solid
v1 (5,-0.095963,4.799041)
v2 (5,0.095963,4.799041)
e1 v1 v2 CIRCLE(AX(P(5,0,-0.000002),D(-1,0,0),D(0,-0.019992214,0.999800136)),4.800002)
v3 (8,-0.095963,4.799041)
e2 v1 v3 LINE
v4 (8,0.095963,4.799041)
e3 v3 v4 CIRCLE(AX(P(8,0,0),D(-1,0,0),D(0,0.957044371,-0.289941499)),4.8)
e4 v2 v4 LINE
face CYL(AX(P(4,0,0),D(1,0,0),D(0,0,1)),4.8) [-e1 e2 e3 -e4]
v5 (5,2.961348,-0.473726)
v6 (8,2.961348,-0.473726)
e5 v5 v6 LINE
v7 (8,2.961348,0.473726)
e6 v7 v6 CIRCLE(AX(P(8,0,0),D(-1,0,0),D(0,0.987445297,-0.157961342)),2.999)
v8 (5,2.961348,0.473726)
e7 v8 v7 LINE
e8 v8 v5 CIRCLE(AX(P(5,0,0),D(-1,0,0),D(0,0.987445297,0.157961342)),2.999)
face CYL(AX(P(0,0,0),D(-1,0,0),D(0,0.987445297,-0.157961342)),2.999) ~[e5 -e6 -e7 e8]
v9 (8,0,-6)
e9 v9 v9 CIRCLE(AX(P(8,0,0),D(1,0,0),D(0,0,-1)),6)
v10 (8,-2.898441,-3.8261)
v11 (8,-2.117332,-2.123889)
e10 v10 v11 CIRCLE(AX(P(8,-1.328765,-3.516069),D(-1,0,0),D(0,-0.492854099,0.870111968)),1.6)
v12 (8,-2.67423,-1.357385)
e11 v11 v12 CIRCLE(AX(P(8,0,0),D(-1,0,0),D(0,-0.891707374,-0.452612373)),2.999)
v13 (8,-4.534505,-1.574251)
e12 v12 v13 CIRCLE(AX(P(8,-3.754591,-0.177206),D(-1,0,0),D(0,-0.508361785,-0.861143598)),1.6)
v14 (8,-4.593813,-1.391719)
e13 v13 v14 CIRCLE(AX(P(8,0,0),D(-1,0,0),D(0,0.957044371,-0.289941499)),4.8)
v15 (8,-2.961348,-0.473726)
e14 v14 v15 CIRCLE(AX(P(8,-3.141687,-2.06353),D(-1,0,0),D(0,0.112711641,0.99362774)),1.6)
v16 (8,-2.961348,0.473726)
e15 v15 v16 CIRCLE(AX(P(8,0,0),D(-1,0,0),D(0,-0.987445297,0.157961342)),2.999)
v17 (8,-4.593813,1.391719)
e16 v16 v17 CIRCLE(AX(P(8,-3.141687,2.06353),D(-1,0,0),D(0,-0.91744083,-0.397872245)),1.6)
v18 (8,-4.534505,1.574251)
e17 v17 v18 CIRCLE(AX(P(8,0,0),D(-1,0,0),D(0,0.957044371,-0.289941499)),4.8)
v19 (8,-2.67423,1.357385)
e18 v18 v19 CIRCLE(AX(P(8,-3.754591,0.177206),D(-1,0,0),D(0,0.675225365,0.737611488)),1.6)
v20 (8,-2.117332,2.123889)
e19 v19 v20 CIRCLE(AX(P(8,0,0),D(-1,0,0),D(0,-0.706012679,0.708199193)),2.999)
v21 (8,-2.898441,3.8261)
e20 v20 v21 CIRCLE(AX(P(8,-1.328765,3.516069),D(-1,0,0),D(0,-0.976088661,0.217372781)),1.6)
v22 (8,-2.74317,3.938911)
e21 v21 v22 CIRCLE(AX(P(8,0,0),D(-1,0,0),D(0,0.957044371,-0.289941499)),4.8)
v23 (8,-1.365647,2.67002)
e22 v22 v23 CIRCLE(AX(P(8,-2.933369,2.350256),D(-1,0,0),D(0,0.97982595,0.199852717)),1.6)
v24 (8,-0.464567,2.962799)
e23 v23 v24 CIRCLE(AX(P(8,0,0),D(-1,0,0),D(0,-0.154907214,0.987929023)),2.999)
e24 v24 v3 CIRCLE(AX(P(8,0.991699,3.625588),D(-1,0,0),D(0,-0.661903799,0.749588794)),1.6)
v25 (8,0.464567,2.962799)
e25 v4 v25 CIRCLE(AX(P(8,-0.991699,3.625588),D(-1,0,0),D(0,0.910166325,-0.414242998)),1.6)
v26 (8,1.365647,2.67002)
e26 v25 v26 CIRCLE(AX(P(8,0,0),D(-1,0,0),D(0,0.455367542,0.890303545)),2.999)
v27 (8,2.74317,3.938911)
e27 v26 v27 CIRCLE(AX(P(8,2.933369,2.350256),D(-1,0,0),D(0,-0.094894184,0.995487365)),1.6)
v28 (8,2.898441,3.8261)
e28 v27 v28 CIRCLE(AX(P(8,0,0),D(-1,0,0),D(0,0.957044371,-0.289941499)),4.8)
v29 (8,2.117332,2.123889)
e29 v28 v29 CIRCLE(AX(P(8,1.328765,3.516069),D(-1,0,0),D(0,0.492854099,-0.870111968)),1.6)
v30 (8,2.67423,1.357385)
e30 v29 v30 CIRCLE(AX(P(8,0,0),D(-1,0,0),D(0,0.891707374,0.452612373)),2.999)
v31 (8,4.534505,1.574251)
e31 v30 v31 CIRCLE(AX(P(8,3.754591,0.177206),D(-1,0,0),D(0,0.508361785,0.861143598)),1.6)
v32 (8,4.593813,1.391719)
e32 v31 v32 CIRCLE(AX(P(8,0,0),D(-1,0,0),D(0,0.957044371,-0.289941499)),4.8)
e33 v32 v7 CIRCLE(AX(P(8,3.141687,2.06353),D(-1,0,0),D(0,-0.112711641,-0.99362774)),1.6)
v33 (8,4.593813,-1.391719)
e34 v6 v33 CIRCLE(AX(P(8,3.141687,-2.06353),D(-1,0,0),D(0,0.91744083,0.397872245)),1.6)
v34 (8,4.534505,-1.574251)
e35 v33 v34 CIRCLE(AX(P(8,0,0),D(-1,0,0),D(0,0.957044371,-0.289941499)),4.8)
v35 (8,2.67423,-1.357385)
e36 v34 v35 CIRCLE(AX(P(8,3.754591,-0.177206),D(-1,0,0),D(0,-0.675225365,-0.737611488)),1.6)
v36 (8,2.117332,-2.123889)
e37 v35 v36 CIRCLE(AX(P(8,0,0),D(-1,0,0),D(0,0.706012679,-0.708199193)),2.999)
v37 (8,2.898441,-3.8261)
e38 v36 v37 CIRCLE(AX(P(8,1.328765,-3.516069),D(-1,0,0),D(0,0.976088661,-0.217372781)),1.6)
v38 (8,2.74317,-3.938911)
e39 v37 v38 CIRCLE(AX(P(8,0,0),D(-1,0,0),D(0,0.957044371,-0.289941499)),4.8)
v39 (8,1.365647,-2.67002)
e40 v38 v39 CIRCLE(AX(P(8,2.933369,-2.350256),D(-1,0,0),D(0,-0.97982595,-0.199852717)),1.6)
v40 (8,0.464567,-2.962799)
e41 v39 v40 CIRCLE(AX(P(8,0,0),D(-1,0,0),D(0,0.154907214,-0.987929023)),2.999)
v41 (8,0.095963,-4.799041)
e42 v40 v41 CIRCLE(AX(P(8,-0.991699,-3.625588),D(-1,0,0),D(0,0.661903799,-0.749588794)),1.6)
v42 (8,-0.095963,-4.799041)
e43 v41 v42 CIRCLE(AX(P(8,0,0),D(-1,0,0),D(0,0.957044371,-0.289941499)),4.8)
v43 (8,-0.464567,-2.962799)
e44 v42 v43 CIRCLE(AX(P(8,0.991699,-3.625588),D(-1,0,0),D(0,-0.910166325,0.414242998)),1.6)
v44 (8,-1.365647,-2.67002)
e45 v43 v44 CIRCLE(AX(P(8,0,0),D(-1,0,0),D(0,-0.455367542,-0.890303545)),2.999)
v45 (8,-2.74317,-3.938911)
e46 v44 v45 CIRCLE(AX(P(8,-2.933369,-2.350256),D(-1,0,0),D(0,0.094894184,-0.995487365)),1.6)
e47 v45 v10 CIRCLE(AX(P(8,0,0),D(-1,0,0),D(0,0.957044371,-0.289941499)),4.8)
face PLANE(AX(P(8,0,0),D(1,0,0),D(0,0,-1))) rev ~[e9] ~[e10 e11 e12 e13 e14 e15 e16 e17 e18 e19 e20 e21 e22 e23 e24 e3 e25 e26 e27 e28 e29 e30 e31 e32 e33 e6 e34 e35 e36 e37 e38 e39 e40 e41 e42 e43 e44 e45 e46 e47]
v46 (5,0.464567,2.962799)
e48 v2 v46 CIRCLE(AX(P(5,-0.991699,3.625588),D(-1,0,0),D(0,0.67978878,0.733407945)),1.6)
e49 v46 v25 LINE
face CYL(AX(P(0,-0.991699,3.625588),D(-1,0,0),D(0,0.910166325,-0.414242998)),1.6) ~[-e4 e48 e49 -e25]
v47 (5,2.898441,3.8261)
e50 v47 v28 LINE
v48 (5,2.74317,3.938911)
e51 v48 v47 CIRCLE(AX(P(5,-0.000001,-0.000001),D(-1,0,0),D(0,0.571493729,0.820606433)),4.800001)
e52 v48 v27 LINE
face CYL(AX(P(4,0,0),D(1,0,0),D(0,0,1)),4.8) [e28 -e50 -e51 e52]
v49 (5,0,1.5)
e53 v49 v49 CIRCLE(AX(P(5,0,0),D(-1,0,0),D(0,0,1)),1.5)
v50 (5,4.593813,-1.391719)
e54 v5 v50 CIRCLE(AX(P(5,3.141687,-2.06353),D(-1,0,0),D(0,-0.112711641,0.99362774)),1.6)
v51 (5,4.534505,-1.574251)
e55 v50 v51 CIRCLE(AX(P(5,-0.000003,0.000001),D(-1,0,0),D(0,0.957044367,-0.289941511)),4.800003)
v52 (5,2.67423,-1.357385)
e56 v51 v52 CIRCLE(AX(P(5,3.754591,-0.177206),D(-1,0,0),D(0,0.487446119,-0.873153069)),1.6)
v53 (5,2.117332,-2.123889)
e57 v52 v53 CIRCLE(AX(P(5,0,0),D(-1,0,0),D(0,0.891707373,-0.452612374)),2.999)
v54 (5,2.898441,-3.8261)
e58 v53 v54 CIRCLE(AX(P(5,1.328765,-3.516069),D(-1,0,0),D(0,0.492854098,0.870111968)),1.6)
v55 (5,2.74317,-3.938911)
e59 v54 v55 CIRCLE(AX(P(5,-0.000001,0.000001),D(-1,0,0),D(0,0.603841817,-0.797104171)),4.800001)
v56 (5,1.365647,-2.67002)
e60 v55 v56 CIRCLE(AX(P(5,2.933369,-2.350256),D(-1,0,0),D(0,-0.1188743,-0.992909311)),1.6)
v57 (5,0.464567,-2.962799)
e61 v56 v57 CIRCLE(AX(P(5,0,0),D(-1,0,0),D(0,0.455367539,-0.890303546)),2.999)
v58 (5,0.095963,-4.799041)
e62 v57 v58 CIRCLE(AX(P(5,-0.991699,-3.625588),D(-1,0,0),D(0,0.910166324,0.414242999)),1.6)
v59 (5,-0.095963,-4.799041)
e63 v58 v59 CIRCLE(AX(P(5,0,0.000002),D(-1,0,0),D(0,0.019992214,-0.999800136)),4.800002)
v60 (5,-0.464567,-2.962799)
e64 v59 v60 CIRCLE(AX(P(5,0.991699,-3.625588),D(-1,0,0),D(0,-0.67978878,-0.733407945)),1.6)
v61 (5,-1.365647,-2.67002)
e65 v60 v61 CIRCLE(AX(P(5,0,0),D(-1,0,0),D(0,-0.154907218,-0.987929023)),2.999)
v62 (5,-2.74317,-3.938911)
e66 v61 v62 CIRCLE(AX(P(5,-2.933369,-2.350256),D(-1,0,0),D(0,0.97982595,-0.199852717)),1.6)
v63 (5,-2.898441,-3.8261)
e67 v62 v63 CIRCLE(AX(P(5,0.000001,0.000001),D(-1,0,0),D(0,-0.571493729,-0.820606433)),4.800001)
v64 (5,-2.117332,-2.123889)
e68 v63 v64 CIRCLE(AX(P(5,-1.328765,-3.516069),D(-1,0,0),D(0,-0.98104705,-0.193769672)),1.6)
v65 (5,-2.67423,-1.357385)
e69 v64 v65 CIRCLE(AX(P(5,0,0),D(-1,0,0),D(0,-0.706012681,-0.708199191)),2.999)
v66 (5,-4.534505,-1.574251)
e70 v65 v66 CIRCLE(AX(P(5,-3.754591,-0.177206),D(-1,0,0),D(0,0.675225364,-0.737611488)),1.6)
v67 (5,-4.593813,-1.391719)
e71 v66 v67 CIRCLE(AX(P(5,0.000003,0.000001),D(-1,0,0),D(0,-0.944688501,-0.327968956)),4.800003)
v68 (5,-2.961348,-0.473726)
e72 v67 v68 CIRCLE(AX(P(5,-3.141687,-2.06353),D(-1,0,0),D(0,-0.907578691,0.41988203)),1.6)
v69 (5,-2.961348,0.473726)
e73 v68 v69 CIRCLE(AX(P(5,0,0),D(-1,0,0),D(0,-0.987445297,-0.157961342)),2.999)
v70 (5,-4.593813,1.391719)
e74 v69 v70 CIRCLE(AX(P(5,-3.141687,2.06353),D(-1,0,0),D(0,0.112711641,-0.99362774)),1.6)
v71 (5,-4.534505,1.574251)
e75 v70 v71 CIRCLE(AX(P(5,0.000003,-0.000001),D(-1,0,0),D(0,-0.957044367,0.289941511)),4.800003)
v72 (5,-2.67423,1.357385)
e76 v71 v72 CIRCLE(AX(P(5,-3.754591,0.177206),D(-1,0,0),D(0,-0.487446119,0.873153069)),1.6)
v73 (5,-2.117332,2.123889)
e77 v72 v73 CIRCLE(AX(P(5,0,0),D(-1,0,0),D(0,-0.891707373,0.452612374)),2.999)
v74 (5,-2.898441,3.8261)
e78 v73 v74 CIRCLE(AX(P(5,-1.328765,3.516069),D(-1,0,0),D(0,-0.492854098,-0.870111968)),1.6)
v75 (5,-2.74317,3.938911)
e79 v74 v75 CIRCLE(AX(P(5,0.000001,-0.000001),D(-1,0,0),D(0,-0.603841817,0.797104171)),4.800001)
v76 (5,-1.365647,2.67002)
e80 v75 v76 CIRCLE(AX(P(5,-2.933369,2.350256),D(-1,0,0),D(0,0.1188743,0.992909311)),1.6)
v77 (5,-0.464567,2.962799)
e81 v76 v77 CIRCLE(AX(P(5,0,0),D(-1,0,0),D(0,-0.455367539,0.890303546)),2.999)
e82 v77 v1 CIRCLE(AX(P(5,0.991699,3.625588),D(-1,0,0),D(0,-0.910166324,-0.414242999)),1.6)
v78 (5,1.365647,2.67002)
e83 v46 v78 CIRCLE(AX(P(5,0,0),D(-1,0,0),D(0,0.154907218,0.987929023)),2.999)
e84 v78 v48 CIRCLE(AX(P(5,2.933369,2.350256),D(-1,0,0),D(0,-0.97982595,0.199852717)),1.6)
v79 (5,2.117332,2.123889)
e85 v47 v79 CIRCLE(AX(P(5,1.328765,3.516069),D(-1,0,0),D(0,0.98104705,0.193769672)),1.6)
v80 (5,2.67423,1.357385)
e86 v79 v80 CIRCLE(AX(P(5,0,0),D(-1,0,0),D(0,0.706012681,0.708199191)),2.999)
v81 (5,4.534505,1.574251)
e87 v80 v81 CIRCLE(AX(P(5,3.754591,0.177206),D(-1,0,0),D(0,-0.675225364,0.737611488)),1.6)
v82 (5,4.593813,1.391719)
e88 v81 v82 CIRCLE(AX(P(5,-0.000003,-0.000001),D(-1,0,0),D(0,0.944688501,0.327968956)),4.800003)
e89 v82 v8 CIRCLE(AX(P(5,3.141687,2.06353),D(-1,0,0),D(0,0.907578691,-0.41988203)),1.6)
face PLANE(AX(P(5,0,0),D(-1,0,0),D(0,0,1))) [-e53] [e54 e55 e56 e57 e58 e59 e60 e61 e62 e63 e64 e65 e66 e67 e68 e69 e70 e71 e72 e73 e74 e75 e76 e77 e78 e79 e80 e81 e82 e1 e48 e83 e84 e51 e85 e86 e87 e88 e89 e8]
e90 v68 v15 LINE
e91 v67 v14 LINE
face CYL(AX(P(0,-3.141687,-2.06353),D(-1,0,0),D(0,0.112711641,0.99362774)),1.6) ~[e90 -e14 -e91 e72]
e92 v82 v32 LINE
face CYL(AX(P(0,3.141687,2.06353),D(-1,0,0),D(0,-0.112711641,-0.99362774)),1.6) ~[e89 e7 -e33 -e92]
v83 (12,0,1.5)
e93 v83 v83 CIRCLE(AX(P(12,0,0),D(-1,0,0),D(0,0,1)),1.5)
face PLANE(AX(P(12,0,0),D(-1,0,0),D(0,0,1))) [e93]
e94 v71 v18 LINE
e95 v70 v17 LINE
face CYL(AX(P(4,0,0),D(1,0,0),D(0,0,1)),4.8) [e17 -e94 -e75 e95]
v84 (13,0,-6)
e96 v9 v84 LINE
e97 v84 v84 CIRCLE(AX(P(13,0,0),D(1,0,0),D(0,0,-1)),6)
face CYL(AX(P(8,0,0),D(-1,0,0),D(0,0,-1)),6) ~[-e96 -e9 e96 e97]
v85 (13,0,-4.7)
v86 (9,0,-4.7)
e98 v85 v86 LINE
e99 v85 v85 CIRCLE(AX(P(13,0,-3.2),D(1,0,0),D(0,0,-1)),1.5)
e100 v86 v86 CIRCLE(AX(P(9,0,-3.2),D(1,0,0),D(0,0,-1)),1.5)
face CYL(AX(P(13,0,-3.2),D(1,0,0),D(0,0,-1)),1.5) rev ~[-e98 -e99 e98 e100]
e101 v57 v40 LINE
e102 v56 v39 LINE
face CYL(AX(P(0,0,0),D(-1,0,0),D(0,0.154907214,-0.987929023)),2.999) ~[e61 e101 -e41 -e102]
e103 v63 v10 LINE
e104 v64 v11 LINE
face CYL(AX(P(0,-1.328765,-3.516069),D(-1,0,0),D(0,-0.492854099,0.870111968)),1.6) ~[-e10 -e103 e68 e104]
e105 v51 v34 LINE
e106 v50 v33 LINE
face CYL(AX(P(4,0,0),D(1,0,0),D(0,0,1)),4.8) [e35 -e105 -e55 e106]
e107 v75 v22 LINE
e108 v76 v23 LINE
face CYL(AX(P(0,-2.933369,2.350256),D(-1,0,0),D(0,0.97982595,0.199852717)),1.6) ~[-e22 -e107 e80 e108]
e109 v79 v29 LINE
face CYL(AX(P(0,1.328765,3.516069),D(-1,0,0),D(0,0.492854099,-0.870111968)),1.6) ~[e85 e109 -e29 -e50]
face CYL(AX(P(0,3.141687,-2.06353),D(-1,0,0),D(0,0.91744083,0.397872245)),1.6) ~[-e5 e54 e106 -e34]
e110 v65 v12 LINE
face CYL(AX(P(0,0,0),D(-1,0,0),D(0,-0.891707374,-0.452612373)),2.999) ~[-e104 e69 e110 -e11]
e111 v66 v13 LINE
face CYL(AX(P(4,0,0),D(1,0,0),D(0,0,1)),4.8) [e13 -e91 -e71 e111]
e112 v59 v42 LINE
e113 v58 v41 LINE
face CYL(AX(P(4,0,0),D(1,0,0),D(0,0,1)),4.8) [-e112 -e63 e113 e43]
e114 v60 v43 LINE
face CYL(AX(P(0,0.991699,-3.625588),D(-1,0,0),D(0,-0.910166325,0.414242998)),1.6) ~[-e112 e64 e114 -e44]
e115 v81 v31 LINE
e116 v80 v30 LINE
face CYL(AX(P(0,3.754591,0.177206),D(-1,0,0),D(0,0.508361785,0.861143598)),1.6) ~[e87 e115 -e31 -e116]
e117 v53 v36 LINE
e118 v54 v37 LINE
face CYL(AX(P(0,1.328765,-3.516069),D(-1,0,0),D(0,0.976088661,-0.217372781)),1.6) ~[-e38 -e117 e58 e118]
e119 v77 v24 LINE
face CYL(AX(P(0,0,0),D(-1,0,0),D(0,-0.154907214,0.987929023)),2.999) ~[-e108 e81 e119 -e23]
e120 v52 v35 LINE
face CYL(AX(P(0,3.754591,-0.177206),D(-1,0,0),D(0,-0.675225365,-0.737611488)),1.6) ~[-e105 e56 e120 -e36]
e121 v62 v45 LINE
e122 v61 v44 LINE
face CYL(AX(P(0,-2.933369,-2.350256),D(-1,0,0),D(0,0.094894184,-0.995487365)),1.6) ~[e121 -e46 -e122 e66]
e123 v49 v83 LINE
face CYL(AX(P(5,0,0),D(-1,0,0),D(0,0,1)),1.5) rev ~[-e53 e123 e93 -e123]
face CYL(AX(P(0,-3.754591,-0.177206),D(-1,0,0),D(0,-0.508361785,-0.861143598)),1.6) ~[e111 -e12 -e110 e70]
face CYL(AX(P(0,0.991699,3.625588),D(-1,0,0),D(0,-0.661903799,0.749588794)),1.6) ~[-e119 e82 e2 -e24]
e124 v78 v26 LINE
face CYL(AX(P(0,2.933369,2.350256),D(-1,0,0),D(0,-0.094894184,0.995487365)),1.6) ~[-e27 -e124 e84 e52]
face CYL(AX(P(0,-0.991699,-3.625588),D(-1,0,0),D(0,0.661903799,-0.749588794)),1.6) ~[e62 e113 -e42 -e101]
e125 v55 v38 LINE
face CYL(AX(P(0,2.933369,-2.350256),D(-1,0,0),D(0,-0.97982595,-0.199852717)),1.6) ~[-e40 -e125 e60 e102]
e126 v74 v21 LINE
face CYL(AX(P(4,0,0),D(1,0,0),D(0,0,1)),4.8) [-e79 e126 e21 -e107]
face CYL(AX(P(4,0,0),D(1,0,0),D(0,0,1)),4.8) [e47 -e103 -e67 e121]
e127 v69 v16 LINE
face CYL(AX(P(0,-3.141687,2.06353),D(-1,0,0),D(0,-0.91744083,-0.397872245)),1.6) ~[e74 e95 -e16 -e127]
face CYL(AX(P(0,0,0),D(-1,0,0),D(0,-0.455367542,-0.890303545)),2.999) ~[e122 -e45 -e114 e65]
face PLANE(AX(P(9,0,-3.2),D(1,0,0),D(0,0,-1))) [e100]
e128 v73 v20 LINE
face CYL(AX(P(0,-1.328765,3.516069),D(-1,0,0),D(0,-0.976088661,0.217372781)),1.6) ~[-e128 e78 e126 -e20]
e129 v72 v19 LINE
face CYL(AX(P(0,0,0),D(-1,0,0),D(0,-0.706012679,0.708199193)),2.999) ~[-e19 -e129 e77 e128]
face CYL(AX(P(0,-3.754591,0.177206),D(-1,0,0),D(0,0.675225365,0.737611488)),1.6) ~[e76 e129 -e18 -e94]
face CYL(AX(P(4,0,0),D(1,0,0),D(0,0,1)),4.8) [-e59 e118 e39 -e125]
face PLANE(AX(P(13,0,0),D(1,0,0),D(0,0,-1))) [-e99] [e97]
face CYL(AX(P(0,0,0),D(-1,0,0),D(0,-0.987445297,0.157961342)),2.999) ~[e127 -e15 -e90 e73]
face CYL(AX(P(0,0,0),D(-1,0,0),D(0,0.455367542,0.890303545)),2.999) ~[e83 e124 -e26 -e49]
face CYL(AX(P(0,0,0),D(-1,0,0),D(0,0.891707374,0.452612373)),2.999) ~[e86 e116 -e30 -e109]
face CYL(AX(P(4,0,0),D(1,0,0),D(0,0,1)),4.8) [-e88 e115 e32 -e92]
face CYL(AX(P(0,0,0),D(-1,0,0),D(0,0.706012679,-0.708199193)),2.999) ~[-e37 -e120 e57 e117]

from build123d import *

# Parameters (mm, degrees)
BASPROSKE_W         = 8
BASPROSKE_H         = 4.8
TOOTHCUT_DEPTH      = 11.491901639
TEETHCUTS_COUNT     = 10
BORSKE_R            = 0.4
BORE_DEPTH          = 18.0000508
SKETCH1_R           = 6
BOSS_EXTRUDE1_DEPTH = 5
CUT_EXTRUDE1_DEPTH  = 5
SKETCH4_R           = 1.5
CUT_EXTRUDE2_DEPTH  = 7
SKETCH8_R           = 1.5
CUT_EXTRUDE8_DEPTH  = 4


with BuildPart() as part:
    # BasProSke → Base-Revolve (revolve)
    with BuildSketch(Plane(origin=(0, 0, 0), x_dir=(1, 0, 0), z_dir=(0, 1, 0)), mode=Mode.PRIVATE) as base_revolve_sk:
        with Locations((4, 2.4)):
            Rectangle(BASPROSKE_W, BASPROSKE_H)
    revolve(base_revolve_sk.sketch.rotate(Axis((-10, 0, 0), (1, 0, 0)), 180), axis=Axis((-10, 0, 0), (1, 0, 0)))

    # TooCutSke → ToothCut (cut, through all)
    with BuildSketch(Plane(origin=(0, 0, 0), x_dir=(0, 0, -1), z_dir=(1, 0, 0))):
        with BuildLine():
            ThreePointArc((0.473726058, 2.961348446), (0, 2.999), (-0.473726058, 2.961348446))
            ThreePointArc((-0.473726058, 2.961348446), (-0.678470427, 3.942691912), (-1.42693485, 4.6095924))
            ThreePointArc((-1.42693485, 4.6095924), (0, 4.8254), (1.42693485, 4.6095924))
            ThreePointArc((1.42693485, 4.6095924), (0.678470427, 3.942691912), (0.473726058, 2.961348446))
        make_face()
    toothcut = extrude(amount=TOOTHCUT_DEPTH, mode=Mode.SUBTRACT)

    # TeethCuts: ToothCut ×10 about axis
    teethcuts_axis = Axis((0, 0, 0), (1, 0, 0))
    for i in range(1, TEETHCUTS_COUNT):
        add(toothcut.rotate(teethcuts_axis, i * 360 / TEETHCUTS_COUNT), mode=Mode.SUBTRACT)

    # BorSke → Bore (cut, symmetric)
    with BuildSketch(Plane(origin=(0, 0, 0), x_dir=(0, 0, -1), z_dir=(1, 0, 0))):
        with Locations(Location((0, 0, 0), (0, 0, 180))):
            Circle(BORSKE_R)
    extrude(amount=BORE_DEPTH, both=True, mode=Mode.SUBTRACT)

    # Sketch1 → Boss-Extrude1 (add)
    with BuildSketch(Plane(origin=(8, 0, 0), x_dir=(0, 0, -1), z_dir=(1, 0, 0))):
        Circle(SKETCH1_R)
    extrude(amount=BOSS_EXTRUDE1_DEPTH)

    # Sketch2 → Cut-Extrude1 (cut)
    with BuildSketch(Plane.ZY):
        with BuildLine():
            ThreePointArc((-2.96279914, 0.464566741), (-3.940487364, 0.57700657), (-4.799040651, 0.09596267))
            ThreePointArc((-4.799040651, 0.09596267), (-4.8, 0), (-4.799040651, -0.09596267))
            ThreePointArc((-4.799040651, -0.09596267), (-3.940487364, -0.57700657), (-2.96279914, -0.464566741))
            ThreePointArc((-2.96279914, -0.464566741), (-2.852218492, -0.926741966), (-2.670020334, -1.365647251))
            ThreePointArc((-2.670020334, -1.365647251), (-3.527077196, -1.849352238), (-3.938910885, -2.743169889))
            ThreePointArc((-3.938910885, -2.743169889), (-3.883281573, -2.821369211), (-3.826100001, -2.898440751))
            ThreePointArc((-3.826100001, -2.898440751), (-2.848765291, -2.782968481), (-2.123889376, -2.117332029))
            ThreePointArc((-2.123889376, -2.117332029), (-1.762767972, -2.426241966), (-1.357384512, -2.67423041))
            ThreePointArc((-1.357384512, -2.67423041), (-1.76644342, -3.569321349), (-1.574251041, -4.534504787))
            ThreePointArc((-1.574251041, -4.534504787), (-1.483281573, -4.565071278), (-1.391719195, -4.593812979))
            ThreePointArc((-1.391719195, -4.593812979), (-0.668911703, -3.925931021), (-0.473726058, -2.961348446))
            ThreePointArc((-0.473726058, -2.961348446), (0, -2.999), (0.473726058, -2.961348446))
            ThreePointArc((0.473726058, -2.961348446), (0.668911703, -3.925931021), (1.391719195, -4.593812979))
            ThreePointArc((1.391719195, -4.593812979), (1.483281573, -4.565071278), (1.574251041, -4.534504787))
            ThreePointArc((1.574251041, -4.534504787), (1.76644342, -3.569321349), (1.357384512, -2.67423041))
            ThreePointArc((1.357384512, -2.67423041), (1.762767972, -2.426241966), (2.123889376, -2.117332029))
            ThreePointArc((2.123889376, -2.117332029), (2.848765291, -2.782968481), (3.826100001, -2.898440751))
            ThreePointArc((3.826100001, -2.898440751), (3.883281573, -2.821369211), (3.938910885, -2.743169889))
            ThreePointArc((3.938910885, -2.743169889), (3.527077196, -1.849352238), (2.670020334, -1.365647251))
            ThreePointArc((2.670020334, -1.365647251), (2.852218492, -0.926741966), (2.96279914, -0.464566741))
            ThreePointArc((2.96279914, -0.464566741), (3.940487364, -0.57700657), (4.799040651, -0.09596267))
            ThreePointArc((4.799040651, -0.09596267), (4.8, 0), (4.799040651, 0.09596267))
            ThreePointArc((4.799040651, 0.09596267), (3.940487364, 0.57700657), (2.96279914, 0.464566741))
            ThreePointArc((2.96279914, 0.464566741), (2.852218492, 0.926741966), (2.670020334, 1.365647251))
            ThreePointArc((2.670020334, 1.365647251), (3.527077196, 1.849352238), (3.938910885, 2.743169889))
            ThreePointArc((3.938910885, 2.743169889), (3.883281573, 2.821369211), (3.826100001, 2.898440751))
            ThreePointArc((3.826100001, 2.898440751), (2.848765291, 2.782968481), (2.123889376, 2.117332029))
            ThreePointArc((2.123889376, 2.117332029), (1.762767972, 2.426241966), (1.357384512, 2.67423041))
            ThreePointArc((1.357384512, 2.67423041), (1.76644342, 3.569321349), (1.574251041, 4.534504787))
            ThreePointArc((1.574251041, 4.534504787), (1.483281573, 4.565071278), (1.391719195, 4.593812979))
            ThreePointArc((1.391719195, 4.593812979), (0.668911703, 3.925931021), (0.473726058, 2.961348446))
            ThreePointArc((0.473726058, 2.961348446), (0, 2.999), (-0.473726058, 2.961348446))
            ThreePointArc((-0.473726058, 2.961348446), (-0.668911703, 3.925931021), (-1.391719195, 4.593812979))
            ThreePointArc((-1.391719195, 4.593812979), (-1.483281573, 4.565071278), (-1.574251041, 4.534504787))
            ThreePointArc((-1.574251041, 4.534504787), (-1.76644342, 3.569321349), (-1.357384512, 2.67423041))
            ThreePointArc((-1.357384512, 2.67423041), (-1.762767972, 2.426241966), (-2.123889376, 2.117332029))
            ThreePointArc((-2.123889376, 2.117332029), (-2.848765291, 2.782968481), (-3.826100001, 2.898440751))
            ThreePointArc((-3.826100001, 2.898440751), (-3.883281573, 2.821369211), (-3.938910885, 2.743169889))
            ThreePointArc((-3.938910885, 2.743169889), (-3.527077196, 1.849352238), (-2.670020334, 1.365647251))
            ThreePointArc((-2.670020334, 1.365647251), (-2.852218492, 0.926741966), (-2.96279914, 0.464566741))
        make_face()
    extrude(amount=-CUT_EXTRUDE1_DEPTH, mode=Mode.SUBTRACT)

    # Sketch4 → Cut-Extrude2 (cut)
    with BuildSketch(Plane.ZY.offset(-5)):
        Circle(SKETCH4_R)
    extrude(amount=-CUT_EXTRUDE2_DEPTH, mode=Mode.SUBTRACT)

    # Sketch8 → Cut-Extrude8 (cut)
    with BuildSketch(Plane(origin=(13, 0, 0), x_dir=(0, 0, -1), z_dir=(1, 0, 0))):
        with Locations((3.2, 0)):
            Circle(SKETCH8_R)
    extrude(amount=-CUT_EXTRUDE8_DEPTH, mode=Mode.SUBTRACT)


solid = part.part
